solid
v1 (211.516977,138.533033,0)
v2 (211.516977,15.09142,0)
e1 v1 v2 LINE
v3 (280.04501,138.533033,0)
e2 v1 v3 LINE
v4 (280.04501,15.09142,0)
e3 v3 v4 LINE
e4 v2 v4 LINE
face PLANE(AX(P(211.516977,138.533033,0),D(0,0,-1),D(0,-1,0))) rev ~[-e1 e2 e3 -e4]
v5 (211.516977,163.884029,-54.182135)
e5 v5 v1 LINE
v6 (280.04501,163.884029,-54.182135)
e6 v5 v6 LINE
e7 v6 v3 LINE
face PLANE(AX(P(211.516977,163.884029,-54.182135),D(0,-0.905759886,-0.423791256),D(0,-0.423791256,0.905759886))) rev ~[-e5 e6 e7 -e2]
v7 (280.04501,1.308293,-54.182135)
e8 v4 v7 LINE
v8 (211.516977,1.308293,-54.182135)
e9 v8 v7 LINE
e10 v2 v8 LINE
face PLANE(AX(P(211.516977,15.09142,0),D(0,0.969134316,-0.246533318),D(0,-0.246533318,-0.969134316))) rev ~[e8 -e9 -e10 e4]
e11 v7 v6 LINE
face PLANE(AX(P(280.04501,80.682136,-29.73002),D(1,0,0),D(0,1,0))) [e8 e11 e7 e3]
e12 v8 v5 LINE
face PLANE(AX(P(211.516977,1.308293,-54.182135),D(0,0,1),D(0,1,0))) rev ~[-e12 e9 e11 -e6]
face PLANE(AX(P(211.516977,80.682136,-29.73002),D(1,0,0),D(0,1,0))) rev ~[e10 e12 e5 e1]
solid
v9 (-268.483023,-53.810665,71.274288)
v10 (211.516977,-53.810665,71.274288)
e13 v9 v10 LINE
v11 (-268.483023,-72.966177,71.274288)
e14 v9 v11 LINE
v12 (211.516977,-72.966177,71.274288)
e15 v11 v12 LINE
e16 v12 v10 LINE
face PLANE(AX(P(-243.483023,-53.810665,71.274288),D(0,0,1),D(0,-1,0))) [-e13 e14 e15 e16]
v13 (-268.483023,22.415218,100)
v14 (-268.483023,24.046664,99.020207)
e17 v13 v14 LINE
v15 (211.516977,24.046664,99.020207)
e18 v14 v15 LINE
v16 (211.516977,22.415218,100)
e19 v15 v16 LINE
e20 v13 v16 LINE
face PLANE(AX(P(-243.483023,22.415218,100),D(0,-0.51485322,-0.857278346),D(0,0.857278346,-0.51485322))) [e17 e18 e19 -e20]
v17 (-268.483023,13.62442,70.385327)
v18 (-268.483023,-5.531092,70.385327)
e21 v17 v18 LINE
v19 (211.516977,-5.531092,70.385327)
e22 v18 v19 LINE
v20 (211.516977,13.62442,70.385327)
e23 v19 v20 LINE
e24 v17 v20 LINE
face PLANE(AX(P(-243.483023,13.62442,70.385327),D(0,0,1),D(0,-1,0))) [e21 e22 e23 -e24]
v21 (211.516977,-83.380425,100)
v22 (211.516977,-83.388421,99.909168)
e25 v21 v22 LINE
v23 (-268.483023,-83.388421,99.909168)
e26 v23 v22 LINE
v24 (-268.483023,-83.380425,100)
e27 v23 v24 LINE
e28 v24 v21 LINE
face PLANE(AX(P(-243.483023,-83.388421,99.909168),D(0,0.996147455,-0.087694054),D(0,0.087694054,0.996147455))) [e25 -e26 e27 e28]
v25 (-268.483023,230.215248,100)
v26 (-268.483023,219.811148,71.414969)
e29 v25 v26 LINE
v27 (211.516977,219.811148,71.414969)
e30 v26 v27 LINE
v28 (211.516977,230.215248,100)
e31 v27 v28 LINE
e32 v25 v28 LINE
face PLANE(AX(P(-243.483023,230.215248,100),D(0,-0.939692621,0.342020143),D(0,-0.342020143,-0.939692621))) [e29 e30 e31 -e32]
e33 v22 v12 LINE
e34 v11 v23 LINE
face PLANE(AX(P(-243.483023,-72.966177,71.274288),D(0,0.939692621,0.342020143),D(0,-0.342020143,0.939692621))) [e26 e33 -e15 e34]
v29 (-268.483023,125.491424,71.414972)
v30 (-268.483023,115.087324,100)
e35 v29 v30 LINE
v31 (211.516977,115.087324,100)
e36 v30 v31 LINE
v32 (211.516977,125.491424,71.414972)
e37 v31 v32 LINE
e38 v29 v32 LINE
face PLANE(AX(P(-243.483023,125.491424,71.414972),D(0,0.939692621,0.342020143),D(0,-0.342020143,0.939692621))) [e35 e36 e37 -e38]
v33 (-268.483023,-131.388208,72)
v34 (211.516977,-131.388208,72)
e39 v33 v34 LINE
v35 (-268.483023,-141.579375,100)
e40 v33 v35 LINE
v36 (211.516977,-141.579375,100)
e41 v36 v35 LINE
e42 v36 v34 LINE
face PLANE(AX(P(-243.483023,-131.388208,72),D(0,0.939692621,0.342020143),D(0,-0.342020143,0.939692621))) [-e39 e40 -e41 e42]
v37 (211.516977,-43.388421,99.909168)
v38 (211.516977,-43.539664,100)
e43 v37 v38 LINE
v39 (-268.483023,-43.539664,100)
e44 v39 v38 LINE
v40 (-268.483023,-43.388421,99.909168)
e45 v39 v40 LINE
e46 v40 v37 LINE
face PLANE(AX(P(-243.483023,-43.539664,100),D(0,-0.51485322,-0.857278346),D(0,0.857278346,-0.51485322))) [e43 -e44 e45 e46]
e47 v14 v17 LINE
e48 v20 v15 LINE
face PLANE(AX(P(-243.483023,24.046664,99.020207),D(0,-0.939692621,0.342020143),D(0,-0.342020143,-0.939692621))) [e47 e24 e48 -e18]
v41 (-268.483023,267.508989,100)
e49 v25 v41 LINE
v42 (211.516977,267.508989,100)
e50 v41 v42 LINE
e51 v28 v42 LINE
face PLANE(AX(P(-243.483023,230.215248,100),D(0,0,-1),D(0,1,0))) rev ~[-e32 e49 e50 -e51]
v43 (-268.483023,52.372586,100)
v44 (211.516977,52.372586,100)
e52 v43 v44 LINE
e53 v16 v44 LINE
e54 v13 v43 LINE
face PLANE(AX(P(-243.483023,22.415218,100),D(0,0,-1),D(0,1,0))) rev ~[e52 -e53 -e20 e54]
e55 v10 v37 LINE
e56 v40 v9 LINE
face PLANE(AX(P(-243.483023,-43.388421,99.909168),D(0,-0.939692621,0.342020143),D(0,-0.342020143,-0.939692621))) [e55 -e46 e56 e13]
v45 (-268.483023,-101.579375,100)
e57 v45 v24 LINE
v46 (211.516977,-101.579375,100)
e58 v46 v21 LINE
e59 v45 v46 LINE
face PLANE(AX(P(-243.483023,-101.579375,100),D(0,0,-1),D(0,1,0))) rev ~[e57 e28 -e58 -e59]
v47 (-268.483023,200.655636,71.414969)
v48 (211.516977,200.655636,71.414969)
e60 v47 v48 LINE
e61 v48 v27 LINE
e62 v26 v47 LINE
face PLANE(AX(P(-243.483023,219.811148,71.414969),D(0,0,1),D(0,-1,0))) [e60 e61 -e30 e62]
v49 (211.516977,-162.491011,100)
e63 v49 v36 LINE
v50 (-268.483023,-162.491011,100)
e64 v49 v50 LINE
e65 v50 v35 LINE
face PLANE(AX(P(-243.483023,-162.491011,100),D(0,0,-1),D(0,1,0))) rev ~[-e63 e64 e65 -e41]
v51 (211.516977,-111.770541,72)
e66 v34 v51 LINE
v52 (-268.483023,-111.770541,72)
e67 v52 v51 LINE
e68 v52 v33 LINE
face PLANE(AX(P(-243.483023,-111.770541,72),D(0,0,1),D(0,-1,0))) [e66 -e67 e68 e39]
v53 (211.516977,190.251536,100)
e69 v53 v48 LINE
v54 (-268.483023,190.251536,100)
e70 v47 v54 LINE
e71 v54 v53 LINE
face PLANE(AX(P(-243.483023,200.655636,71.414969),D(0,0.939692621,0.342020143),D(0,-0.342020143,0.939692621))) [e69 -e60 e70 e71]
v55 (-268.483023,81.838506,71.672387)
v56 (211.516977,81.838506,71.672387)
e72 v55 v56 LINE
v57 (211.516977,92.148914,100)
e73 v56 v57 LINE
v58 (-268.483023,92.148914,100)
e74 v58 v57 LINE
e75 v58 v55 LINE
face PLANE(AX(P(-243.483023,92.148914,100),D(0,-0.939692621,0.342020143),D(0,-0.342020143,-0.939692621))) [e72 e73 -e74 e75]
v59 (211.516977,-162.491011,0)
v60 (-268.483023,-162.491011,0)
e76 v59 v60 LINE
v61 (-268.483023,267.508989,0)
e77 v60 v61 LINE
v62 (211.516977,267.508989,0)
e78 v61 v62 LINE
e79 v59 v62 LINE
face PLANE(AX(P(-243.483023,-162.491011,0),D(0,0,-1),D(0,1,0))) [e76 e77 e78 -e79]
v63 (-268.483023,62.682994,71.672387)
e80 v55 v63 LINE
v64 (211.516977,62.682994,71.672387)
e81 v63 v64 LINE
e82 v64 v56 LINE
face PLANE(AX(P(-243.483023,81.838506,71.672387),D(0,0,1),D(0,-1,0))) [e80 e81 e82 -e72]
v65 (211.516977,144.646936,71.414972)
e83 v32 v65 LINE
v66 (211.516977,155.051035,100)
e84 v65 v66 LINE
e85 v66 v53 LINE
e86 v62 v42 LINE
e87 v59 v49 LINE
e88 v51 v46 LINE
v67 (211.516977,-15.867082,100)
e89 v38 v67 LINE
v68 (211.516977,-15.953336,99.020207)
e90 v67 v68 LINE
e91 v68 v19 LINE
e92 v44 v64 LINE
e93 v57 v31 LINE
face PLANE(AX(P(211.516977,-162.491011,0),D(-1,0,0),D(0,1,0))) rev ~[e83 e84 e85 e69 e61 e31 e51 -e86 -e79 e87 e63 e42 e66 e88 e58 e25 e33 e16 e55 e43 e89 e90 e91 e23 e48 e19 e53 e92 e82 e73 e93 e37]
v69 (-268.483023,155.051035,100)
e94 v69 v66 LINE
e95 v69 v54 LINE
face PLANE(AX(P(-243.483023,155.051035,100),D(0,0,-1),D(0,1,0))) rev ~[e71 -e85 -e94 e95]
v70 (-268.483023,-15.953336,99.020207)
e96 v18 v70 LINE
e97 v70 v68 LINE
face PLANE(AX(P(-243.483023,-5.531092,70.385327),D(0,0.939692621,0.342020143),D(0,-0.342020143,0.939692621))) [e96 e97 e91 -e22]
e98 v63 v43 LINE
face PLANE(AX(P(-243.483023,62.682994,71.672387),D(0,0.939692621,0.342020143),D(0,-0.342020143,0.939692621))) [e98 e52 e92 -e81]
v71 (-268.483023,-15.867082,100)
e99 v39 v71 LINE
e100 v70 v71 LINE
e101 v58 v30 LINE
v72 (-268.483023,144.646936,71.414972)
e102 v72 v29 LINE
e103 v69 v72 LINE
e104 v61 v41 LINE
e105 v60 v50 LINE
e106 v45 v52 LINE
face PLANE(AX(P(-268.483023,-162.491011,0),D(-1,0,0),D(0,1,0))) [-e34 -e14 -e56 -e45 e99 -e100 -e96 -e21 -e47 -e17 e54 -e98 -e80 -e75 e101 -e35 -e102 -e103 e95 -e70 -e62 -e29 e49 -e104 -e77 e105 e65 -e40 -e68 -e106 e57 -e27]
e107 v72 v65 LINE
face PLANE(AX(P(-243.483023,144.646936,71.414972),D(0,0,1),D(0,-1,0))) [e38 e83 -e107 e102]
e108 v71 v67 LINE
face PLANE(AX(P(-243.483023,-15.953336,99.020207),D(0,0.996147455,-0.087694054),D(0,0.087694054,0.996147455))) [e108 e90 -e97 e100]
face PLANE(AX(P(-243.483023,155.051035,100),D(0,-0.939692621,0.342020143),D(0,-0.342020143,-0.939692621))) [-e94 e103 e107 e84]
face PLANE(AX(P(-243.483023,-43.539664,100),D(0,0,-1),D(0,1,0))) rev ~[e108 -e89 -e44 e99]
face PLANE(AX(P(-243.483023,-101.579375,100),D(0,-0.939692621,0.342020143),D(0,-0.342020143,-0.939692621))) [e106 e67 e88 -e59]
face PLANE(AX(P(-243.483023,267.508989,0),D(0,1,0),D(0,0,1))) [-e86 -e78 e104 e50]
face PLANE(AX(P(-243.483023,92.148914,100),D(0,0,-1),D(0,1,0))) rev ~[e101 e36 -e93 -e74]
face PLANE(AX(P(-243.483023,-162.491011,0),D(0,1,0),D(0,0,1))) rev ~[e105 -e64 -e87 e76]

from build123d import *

# Parameters (mm, degrees)
F0_W     = 430
F0_H     = 430
F1_DEPTH = 100
F3_DEPTH = 430.001
F5_DEPTH = 25
F6_DEPTH = 25
F7_DEPTH = 39.3531173468
F9_DEPTH = 68.528033793


with BuildPart() as f1:
    # F0 (on Top) → F1 (new body)
    with BuildSketch(Plane.XY):
        with Locations((-3.4830234945, 52.508988921)):
            Rectangle(F0_W, F0_H)
    extrude(amount=F1_DEPTH)

    # F2 (on face) → F3 (cut, through all)
    with BuildSketch(Plane.YZ.offset(211.5169765055)):
        Polygon((-140.8071517944, 108.7719500065), (-141.579374671, 100), (-131.3882081115, 72), (-111.7705412304, 72), (-101.579374671, 100), (-120.4716265202, 111.3460659981), align=None)
        Polygon((-53.8106647075, 71.2742882862), (-43.3884207408, 99.9091682449), (-62.2806725899, 111.255234243), (-82.6161978642, 108.6811182514), (-83.3884207408, 99.9091682449), (-72.966176774, 71.2742882862), align=None)
        Polygon((13.6244201346, 70.3853269189), (24.0466641014, 99.0202068776), (5.1544122522, 110.3662728757), (-15.1811130221, 107.7921568841), (-15.9533358986, 99.0202068776), (-5.5310919319, 70.3853269189), align=None)
        Polygon((81.838506019, 71.6723867774), (92.2607499858, 100.307266736), (73.3684981366, 111.6533327341), (53.0329728623, 109.0792167425), (52.2607499858, 100.307266736), (62.6829939525, 71.6723867774), align=None)
        Polygon((144.6469358414, 71.414971546), (155.0691798081, 100.0498515047), (136.1769279589, 111.3959175028), (115.8414026846, 108.8218015112), (115.0691798081, 100.0498515047), (125.4914237748, 71.414971546), align=None)
        Polygon((219.8111479881, 71.4149692177), (230.2333919549, 100.0498491764), (211.3411401057, 111.3959151745), (191.0056148314, 108.8217991829), (190.2333919549, 100.0498491764), (200.6556359216, 71.4149692177), align=None)
    extrude(amount=-F3_DEPTH, mode=Mode.SUBTRACT)

    # F5 (add): a face of the model
    f5_faces = [f1.faces().sort_by_distance(p)[0] for p in [
        (-218.4830234945, 54.284043672, 44.9792254446),
    ]]
    extrude(f5_faces, amount=F5_DEPTH)

    # F6 (add): a face of the model
    f6_faces = [f1.faces().sort_by_distance(p)[0] for p in [
        (-243.4830234945, 54.284043672, 44.9792254446),
    ]]
    extrude(f6_faces, amount=F6_DEPTH)

    # F7 (cut): a face of the model
    f7_faces = [f1.faces().sort_by_distance(p)[0] for p in [
        (-268.4830234945, 54.284043672, 44.9792254446),
    ]]
    extrude(f7_faces, amount=F7_DEPTH, mode=Mode.SUBTRACT)


with BuildPart() as f9:
    # F8 (on face) → F9 (new body)
    with BuildSketch(Plane.YZ.offset(211.5169765055)):
        Polygon((15.0914195739, 0), (1.3082925091, -54.1821345687), (163.8840287924, -54.1821345687), (138.5330332329, 0), align=None)
    extrude(amount=F9_DEPTH)


solid = Compound([f1.part, f9.part])
